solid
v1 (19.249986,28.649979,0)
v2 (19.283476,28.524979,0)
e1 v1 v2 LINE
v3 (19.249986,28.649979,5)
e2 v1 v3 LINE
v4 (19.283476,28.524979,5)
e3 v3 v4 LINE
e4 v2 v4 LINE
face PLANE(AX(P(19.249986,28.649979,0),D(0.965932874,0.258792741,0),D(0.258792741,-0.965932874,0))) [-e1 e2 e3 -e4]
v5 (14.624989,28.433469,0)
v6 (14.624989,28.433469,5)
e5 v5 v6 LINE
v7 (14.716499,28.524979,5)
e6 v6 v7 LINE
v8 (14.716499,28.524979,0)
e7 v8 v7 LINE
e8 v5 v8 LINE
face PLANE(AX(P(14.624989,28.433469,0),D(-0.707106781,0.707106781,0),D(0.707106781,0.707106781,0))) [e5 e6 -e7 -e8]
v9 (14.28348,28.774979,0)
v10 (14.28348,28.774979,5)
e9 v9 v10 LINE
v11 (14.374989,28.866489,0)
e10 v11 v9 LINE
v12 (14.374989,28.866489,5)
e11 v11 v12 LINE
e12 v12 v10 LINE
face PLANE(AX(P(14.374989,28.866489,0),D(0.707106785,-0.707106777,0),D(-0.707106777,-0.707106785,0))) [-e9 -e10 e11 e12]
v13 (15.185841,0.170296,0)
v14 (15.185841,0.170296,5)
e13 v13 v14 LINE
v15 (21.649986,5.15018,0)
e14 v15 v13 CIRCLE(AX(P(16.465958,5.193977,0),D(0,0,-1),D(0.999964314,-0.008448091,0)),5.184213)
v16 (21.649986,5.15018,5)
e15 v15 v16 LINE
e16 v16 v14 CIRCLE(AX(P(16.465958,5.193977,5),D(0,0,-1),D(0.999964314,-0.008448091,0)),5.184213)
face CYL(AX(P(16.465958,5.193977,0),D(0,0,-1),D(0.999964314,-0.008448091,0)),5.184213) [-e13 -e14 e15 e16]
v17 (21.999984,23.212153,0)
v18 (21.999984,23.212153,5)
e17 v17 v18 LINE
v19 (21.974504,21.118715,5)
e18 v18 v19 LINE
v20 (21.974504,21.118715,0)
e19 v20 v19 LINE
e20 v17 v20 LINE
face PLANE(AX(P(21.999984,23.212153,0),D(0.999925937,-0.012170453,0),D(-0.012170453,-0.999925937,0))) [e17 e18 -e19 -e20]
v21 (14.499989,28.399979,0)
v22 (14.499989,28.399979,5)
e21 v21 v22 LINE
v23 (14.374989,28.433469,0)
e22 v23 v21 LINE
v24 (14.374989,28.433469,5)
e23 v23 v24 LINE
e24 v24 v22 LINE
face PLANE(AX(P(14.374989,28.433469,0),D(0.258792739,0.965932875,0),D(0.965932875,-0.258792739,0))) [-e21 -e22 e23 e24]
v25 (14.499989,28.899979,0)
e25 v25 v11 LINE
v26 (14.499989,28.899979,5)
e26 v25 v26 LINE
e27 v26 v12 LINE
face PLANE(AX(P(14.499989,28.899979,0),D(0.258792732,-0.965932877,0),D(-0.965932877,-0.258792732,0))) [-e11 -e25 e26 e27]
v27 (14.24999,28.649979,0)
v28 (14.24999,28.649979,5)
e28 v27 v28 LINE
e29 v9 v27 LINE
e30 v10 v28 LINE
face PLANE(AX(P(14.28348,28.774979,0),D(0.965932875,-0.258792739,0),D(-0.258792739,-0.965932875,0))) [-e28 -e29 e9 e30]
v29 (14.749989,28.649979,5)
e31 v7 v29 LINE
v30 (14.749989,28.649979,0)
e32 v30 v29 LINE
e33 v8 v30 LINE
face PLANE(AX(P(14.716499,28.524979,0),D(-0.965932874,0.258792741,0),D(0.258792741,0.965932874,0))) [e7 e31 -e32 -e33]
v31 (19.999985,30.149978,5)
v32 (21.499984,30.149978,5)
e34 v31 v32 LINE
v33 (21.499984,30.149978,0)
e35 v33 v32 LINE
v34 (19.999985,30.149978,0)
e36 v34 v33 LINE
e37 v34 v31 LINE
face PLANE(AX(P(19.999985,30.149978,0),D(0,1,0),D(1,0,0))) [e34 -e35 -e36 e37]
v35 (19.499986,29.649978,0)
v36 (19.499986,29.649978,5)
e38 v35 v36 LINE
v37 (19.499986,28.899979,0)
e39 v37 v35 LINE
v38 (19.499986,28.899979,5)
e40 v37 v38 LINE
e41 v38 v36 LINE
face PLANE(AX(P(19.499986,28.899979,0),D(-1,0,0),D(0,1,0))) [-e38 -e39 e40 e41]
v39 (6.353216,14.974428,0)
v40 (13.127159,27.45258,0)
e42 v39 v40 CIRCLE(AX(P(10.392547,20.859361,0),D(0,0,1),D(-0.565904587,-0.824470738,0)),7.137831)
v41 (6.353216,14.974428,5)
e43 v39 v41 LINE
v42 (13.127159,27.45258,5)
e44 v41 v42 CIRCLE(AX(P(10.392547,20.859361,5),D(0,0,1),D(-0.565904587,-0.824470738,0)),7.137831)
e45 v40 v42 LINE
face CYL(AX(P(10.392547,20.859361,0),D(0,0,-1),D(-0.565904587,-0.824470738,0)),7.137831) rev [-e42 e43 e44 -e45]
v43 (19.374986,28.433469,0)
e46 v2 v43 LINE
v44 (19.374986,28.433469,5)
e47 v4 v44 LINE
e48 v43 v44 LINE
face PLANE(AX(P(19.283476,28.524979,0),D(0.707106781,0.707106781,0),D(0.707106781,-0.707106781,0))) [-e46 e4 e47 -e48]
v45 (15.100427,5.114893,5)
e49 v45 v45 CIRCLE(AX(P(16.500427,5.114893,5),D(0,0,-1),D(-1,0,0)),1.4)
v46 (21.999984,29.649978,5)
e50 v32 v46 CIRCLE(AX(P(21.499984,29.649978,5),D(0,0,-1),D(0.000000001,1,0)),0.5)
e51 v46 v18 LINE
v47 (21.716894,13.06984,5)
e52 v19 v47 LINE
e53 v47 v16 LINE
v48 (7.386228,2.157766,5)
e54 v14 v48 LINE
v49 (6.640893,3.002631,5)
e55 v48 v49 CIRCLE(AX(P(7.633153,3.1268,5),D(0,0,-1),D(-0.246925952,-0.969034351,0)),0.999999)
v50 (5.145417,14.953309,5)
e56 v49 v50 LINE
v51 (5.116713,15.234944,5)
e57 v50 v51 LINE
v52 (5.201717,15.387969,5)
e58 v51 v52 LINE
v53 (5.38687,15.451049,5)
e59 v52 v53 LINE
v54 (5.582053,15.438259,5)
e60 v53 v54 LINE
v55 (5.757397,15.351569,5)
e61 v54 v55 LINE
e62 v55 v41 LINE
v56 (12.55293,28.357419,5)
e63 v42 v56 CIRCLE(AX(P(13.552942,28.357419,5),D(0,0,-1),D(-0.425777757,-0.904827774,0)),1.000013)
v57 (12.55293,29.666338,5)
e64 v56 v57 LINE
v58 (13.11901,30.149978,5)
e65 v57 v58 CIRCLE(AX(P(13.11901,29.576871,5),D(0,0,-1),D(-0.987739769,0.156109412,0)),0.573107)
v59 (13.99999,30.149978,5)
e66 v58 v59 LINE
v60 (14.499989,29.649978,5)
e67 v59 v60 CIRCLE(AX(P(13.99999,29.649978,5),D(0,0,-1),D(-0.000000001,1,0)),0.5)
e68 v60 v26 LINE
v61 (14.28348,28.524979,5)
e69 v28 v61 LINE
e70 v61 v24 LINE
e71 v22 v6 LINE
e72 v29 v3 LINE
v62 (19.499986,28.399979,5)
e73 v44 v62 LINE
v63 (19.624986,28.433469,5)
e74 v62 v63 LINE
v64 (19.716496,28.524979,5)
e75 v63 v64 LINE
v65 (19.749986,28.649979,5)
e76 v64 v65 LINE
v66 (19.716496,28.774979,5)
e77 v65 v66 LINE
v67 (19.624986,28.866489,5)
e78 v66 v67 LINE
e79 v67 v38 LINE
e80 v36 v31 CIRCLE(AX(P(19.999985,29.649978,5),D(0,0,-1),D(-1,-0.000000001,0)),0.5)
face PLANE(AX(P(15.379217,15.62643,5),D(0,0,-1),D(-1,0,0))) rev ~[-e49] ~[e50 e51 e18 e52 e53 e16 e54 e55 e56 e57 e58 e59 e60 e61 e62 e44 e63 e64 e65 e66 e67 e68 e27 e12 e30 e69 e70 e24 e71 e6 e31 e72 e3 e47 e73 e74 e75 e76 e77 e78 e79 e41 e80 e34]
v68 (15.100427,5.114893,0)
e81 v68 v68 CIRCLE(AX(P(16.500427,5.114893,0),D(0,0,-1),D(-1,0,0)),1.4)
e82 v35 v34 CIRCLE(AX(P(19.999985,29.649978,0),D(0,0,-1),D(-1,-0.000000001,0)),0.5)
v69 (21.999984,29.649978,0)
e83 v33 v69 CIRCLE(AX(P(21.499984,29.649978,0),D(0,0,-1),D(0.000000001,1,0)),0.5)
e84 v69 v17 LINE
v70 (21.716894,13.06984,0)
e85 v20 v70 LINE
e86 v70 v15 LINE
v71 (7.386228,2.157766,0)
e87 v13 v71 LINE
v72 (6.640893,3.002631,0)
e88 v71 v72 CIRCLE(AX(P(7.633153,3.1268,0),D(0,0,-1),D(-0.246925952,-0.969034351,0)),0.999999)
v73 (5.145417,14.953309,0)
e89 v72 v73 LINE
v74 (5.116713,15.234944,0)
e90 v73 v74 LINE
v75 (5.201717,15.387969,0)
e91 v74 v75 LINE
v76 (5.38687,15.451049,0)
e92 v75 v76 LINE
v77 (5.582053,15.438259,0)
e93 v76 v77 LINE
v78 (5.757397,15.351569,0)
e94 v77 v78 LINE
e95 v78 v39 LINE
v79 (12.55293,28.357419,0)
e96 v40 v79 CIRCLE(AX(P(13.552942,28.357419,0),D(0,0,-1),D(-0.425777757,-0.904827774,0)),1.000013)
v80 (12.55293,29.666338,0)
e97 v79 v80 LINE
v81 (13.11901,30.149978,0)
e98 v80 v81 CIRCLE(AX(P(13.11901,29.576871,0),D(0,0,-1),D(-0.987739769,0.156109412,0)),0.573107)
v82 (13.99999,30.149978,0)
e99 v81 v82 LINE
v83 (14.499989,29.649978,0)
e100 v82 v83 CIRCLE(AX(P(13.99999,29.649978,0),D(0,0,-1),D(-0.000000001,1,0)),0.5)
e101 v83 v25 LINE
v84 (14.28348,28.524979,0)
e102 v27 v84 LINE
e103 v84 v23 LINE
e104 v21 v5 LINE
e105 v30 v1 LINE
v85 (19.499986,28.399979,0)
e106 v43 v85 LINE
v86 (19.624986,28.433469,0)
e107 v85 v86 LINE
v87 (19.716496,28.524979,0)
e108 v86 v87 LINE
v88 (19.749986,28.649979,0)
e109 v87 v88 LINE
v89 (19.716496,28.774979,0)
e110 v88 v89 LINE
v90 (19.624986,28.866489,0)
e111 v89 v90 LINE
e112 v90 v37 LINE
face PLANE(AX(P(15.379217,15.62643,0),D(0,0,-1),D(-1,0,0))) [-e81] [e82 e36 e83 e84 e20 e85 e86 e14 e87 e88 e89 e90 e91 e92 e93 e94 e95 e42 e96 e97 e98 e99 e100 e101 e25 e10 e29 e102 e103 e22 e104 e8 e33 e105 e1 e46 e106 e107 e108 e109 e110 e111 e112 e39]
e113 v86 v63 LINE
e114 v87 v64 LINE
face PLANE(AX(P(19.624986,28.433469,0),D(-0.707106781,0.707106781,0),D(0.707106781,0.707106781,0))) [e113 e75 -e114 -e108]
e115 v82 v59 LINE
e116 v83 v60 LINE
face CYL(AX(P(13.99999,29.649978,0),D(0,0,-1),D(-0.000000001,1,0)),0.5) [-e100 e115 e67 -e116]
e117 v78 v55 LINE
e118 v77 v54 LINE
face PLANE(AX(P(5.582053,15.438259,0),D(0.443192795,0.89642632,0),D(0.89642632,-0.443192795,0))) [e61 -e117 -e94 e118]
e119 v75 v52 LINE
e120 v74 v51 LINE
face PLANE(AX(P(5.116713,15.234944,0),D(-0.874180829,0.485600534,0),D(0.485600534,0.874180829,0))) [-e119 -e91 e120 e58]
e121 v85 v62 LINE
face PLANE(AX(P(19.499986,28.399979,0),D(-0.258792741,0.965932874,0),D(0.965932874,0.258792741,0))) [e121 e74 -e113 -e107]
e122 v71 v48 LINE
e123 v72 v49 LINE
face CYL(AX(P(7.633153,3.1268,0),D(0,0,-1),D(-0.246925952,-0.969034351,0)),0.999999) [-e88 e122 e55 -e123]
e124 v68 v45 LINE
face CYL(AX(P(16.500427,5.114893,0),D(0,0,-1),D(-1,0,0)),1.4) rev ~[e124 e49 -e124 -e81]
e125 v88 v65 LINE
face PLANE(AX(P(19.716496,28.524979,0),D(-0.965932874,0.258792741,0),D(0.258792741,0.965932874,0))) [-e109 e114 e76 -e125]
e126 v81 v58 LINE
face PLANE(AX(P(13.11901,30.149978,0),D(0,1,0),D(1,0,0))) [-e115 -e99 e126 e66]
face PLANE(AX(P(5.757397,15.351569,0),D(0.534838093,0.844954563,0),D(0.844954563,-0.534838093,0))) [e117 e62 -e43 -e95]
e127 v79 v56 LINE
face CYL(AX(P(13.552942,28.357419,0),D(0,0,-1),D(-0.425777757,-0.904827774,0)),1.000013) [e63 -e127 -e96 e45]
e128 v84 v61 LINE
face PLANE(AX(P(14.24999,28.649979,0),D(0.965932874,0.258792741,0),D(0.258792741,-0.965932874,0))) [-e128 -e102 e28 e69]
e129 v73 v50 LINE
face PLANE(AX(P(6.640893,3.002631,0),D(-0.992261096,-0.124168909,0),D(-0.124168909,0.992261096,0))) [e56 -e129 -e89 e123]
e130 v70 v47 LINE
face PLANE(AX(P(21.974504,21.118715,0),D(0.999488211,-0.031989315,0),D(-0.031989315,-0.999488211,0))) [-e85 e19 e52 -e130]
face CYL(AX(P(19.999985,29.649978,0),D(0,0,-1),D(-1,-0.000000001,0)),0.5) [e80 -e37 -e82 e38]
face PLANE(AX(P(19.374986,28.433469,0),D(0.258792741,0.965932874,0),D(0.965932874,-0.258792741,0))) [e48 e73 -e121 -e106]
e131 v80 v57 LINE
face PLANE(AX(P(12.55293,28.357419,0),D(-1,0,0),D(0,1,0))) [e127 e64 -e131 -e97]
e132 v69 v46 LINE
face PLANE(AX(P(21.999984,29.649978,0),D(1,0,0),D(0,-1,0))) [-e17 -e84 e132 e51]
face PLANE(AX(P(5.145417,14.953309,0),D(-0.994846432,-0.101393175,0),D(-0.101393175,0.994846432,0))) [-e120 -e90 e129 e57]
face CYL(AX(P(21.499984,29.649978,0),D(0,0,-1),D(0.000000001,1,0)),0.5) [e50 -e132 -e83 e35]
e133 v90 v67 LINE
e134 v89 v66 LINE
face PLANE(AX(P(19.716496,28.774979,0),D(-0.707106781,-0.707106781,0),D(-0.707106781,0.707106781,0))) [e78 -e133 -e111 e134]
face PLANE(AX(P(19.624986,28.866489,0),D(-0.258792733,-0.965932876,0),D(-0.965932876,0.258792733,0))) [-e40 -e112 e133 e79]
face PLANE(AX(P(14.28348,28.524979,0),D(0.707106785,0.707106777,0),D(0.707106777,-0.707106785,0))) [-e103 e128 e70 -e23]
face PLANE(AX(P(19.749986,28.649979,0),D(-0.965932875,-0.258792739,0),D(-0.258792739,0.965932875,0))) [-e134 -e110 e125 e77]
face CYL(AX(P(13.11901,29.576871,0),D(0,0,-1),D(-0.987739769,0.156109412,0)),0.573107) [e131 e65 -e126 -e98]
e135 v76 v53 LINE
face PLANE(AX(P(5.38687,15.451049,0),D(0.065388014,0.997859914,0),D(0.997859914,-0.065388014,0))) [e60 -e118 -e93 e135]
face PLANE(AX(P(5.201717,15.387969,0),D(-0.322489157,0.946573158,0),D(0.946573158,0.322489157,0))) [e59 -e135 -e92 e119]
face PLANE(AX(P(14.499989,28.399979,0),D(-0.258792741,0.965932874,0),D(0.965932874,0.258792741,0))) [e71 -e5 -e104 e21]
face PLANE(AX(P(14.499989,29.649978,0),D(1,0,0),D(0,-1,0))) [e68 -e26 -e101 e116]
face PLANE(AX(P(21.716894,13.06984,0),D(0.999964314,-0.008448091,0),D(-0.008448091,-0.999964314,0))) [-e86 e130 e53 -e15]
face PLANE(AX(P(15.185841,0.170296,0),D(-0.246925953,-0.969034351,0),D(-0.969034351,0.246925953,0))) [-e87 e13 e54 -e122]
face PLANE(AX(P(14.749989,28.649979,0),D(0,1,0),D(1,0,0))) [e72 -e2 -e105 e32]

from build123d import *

# Parameters (mm, degrees)
ESQUISSE1_R        = 1.4
BOSS_EXTRU_1_DEPTH = 5


with BuildPart() as part:
    # Esquisse1 → Boss.-Extru.1 (new body)
    with BuildSketch(Plane(origin=(0, 0, 0), x_dir=(-1, 0, 0), z_dir=(0, 0, -1))):
        with BuildLine():
            Line((-15.185840881, 0.170296169), (-7.386227588, 2.157766419))
            ThreePointArc((-7.386227588, 2.157766419), (-6.883257057, 2.465245864), (-6.640893239, 3.002630961))
            Line((-6.640893239, 3.002630961), (-5.14541723, 14.953309043))
            Line((-5.14541723, 14.953309043), (-5.116713392, 15.234944478))
            Line((-5.116713392, 15.234944478), (-5.20171731, 15.387969012))
            Line((-5.20171731, 15.387969012), (-5.386870175, 15.451048966))
            Line((-5.386870175, 15.451048966), (-5.582053032, 15.438258975))
            Line((-5.582053032, 15.438258975), (-5.757396903, 15.351569039))
            Line((-5.757396903, 15.351569039), (-6.353216099, 14.974428283))
            ThreePointArc((-6.353216099, 14.974428283), (-16.665635969, 17.453925295), (-13.127159197, 27.452579762))
            ThreePointArc((-13.127159197, 27.452579762), (-12.708604135, 27.821584741), (-12.552929618, 28.357419099))
            Line((-12.552929618, 28.357419099), (-12.552929618, 29.66633814))
            ThreePointArc((-12.552929618, 29.66633814), (-12.746735333, 30.012603591), (-13.119010387, 30.149977907))
            Line((-13.119010387, 30.149977907), (-13.999989741, 30.149977907))
            ThreePointArc((-13.999989741, 30.149977907), (-14.353542873, 30.003531405), (-14.499989375, 29.649978273))
            Line((-14.499989375, 29.649978273), (-14.499989375, 28.899978823))
            Line((-14.499989375, 28.899978823), (-14.374989466, 28.866488848))
            Line((-14.374989466, 28.866488848), (-14.283479534, 28.774978915))
            Line((-14.283479534, 28.774978915), (-14.249989558, 28.649979006))
            Line((-14.249989558, 28.649979006), (-14.283479534, 28.524979098))
            Line((-14.283479534, 28.524979098), (-14.374989466, 28.433469165))
            Line((-14.374989466, 28.433469165), (-14.499989375, 28.399979189))
            Line((-14.499989375, 28.399979189), (-14.624989283, 28.433469165))
            Line((-14.624989283, 28.433469165), (-14.716499216, 28.524979098))
            Line((-14.716499216, 28.524979098), (-14.749989192, 28.649979006))
            Line((-14.749989192, 28.649979006), (-19.249985894, 28.649979006))
            Line((-19.249985894, 28.649979006), (-19.28347587, 28.524979098))
            Line((-19.28347587, 28.524979098), (-19.374985803, 28.433469165))
            Line((-19.374985803, 28.433469165), (-19.499985711, 28.399979189))
            Line((-19.499985711, 28.399979189), (-19.624985619, 28.433469165))
            Line((-19.624985619, 28.433469165), (-19.716495552, 28.524979098))
            Line((-19.716495552, 28.524979098), (-19.749985528, 28.649979006))
            Line((-19.749985528, 28.649979006), (-19.716495552, 28.774978915))
            Line((-19.716495552, 28.774978915), (-19.624985619, 28.866488848))
            Line((-19.624985619, 28.866488848), (-19.499985711, 28.899978823))
            Line((-19.499985711, 28.899978823), (-19.499985711, 29.649978273))
            ThreePointArc((-19.499985711, 29.649978273), (-19.646432213, 30.003531405), (-19.999985345, 30.149977907))
            Line((-19.999985345, 30.149977907), (-21.499984246, 30.149977907))
            ThreePointArc((-21.499984246, 30.149977907), (-21.853537377, 30.003531405), (-21.999983879, 29.649978273))
            Line((-21.999983879, 29.649978273), (-21.999983879, 23.212152991))
            Line((-21.999983879, 23.212152991), (-21.974503898, 21.118714525))
            Line((-21.974503898, 21.118714525), (-21.716894087, 13.069840423))
            Line((-21.716894087, 13.069840423), (-21.649985688, 5.150180005))
            ThreePointArc((-21.649985688, 5.150180005), (-19.62980681, 1.087138091), (-15.185840881, 0.170296169))
        make_face()
        with Locations((-16.500427031, 5.114893226)):
            Circle(ESQUISSE1_R, mode=Mode.SUBTRACT)
    extrude(amount=-BOSS_EXTRU_1_DEPTH)


solid = part.part
